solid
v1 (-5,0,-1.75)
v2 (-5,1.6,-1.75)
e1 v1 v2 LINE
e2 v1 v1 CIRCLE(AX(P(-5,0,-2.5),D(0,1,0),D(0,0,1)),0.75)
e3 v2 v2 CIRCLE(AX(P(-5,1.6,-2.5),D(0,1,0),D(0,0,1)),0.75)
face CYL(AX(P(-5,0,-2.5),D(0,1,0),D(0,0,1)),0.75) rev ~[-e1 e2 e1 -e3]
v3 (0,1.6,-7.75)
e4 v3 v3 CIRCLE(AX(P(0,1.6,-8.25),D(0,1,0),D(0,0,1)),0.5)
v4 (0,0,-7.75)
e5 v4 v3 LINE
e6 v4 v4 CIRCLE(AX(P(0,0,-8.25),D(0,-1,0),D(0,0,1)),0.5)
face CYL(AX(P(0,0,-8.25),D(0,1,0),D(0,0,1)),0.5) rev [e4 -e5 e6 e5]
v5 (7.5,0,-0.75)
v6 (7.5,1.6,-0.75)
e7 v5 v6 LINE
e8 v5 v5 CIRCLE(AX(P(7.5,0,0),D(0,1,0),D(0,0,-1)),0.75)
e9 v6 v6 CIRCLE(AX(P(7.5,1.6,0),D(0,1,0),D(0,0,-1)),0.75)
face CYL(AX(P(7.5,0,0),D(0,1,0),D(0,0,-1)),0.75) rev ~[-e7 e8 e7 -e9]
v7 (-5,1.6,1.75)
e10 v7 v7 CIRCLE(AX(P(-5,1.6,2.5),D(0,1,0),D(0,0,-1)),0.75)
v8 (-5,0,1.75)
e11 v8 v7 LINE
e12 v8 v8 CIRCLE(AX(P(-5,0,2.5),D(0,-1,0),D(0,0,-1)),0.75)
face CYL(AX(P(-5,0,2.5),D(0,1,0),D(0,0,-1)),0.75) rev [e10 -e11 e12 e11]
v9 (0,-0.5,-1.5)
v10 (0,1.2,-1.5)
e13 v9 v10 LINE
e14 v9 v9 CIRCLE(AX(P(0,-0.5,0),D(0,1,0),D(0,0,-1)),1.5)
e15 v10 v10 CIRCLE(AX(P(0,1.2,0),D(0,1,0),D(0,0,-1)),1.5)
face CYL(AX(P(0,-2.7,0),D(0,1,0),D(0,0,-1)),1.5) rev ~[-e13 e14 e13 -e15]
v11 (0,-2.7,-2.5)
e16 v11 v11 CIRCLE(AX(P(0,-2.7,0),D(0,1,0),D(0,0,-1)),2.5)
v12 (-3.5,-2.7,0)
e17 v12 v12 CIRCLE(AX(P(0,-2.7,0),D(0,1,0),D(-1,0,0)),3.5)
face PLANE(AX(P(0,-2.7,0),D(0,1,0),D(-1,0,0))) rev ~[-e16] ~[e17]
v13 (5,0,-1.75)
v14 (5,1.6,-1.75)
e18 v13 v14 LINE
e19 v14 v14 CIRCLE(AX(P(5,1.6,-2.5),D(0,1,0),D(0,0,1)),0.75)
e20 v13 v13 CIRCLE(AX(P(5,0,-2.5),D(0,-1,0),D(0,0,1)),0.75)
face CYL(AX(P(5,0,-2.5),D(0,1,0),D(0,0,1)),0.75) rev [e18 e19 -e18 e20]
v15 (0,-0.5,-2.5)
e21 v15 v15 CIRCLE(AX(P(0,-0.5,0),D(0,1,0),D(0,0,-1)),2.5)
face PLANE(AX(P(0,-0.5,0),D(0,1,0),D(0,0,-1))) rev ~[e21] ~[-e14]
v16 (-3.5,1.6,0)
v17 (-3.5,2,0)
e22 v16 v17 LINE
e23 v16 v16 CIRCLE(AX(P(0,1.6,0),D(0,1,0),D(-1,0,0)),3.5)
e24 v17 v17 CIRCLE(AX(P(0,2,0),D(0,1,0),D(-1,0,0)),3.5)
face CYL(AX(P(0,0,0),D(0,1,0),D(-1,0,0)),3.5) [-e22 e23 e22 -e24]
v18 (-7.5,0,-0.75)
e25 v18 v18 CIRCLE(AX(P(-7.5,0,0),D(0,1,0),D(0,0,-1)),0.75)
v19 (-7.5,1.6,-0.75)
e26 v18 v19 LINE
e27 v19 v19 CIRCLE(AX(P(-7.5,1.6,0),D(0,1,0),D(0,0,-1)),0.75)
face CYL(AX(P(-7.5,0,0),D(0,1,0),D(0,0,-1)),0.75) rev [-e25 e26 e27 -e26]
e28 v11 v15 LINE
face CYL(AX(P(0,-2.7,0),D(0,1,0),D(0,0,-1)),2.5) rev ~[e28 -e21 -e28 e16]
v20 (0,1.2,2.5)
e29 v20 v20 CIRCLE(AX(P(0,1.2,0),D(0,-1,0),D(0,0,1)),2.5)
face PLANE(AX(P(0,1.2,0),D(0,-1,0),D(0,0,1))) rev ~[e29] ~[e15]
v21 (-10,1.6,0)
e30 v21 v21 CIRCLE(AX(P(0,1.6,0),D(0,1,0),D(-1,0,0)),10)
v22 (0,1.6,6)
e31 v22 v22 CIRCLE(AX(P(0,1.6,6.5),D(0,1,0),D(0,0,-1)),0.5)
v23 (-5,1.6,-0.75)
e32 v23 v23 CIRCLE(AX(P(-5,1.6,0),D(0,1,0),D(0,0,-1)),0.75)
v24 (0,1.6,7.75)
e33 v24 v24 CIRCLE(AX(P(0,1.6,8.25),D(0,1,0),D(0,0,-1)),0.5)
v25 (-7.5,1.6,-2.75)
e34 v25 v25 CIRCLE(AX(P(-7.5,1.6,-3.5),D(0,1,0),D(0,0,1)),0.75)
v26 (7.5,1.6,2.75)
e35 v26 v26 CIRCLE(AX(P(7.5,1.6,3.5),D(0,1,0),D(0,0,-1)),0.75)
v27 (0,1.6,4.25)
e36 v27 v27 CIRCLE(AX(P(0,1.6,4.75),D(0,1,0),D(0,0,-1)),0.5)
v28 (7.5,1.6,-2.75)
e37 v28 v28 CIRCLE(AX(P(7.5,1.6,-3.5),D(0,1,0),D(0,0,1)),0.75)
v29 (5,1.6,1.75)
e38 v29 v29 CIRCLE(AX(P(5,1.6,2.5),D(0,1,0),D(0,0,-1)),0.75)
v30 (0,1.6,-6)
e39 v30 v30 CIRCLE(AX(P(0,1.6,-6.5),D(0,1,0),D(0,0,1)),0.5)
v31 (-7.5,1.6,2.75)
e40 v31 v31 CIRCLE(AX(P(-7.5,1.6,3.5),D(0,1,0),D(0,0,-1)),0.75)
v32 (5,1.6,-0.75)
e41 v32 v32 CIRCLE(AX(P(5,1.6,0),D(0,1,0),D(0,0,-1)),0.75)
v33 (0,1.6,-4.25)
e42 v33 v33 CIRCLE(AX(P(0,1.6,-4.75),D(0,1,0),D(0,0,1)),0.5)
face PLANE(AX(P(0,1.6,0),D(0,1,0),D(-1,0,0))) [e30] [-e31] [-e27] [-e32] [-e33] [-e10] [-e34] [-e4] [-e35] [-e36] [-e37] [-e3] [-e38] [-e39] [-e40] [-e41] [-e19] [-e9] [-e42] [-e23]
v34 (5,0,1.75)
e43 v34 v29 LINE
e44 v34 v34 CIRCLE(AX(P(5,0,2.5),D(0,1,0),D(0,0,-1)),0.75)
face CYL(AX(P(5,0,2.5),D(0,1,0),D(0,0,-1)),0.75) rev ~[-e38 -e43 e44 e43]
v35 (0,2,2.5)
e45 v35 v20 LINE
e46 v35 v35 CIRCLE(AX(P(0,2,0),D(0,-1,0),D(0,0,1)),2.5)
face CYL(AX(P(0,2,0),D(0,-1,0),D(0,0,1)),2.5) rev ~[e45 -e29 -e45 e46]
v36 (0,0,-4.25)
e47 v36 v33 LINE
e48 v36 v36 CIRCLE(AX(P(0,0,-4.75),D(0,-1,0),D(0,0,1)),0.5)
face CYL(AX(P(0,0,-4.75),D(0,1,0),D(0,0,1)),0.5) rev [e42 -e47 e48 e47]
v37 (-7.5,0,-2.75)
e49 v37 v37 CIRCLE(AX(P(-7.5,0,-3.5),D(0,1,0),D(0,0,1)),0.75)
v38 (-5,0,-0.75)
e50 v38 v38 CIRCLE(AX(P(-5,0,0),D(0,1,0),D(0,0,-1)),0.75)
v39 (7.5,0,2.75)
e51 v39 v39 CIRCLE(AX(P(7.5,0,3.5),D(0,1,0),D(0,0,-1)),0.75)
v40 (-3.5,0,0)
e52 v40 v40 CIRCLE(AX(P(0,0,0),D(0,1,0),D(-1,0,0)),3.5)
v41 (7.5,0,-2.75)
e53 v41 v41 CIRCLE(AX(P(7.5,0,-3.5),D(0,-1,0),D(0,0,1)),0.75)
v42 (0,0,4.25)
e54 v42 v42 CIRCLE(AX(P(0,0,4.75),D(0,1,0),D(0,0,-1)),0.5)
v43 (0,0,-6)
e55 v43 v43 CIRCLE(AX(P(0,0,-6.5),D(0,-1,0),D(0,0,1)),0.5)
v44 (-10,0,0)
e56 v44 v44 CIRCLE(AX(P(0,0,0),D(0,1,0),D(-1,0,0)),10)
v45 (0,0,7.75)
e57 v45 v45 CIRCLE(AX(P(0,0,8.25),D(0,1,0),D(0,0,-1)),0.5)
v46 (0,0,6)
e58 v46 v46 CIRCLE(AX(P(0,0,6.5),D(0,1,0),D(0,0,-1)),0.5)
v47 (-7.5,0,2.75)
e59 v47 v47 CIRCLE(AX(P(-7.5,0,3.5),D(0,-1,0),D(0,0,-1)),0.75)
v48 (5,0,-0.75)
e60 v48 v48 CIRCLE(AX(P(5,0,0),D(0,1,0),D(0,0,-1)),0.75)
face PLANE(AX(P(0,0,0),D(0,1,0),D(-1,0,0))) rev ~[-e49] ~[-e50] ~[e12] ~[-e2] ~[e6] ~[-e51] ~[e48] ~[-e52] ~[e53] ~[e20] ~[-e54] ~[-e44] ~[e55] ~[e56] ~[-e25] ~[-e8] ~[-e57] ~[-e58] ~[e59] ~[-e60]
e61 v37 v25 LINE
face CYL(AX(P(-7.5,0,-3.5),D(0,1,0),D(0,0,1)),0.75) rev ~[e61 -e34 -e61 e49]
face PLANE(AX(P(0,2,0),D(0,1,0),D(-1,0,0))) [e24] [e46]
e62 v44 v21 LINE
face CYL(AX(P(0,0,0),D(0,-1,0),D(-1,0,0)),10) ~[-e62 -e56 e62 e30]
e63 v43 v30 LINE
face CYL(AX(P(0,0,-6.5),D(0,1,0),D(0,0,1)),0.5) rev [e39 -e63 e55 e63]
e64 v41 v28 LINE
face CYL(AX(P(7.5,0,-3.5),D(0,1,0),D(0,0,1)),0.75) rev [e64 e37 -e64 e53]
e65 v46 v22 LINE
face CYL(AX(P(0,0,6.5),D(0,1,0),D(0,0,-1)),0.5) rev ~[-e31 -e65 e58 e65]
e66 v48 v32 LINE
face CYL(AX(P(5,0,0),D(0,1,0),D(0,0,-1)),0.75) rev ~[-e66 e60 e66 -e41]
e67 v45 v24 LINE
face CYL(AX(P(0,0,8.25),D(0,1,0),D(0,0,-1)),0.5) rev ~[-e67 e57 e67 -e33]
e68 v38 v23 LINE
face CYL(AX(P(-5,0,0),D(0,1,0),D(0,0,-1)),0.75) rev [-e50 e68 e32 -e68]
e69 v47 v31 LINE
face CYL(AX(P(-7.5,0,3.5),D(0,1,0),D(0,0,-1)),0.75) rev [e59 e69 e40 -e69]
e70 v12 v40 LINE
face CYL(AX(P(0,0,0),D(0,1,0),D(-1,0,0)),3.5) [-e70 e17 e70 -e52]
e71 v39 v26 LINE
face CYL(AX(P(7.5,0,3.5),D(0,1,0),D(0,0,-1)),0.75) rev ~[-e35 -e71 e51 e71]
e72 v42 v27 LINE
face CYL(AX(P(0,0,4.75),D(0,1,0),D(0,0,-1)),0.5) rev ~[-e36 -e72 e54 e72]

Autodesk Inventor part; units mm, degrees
ref_plane "YZ Plane" through (0, 0, 0) normal (1, 0, 0) x (0, 1, 0)
ref_plane "XZ Plane" through (0, 0, 0) normal (0, 1, 0) x (-1, 0, 0)
ref_plane "XY Plane" through (0, 0, 0) normal (0, 0, 1) x (1, 0, 0)
sketch "Sketch1" plane through (0, 0, 0) normal (0, 1, 0) x (-1, 0, 0)
  circle A0 centre (0, 0) radius 3.5
  circle A1 centre (0, 0) radius 10
  line L0 (0, 0) -> (-7.5, 0) construction
  line L1 (0, 0) -> (0, 3.5) construction
  line L2 (0, 3.5) -> (0, 10) construction
  point P0 (-5, 0)
  point P1 (-7.5, 3.5)
  point P2 (-5, 2.5)
  point P3 (0, 4.75)
  dimension "d0" = 7
  dimension "d2" = 20
  dimension "d3" = 7.5
  dimension "d47" = 5
  dimension "d50" = 3.5
  dimension "d57" = 2.5
  dimension "d62" = 4.75
extrude "Extrusion1" add sketch "Sketch1" along normal blind 1.6 contours A0 | A1
extrude "Extrusion2" add sketch "Sketch1" against normal blind 2.7 and the other way blind 2 contours A0
hole "Hole2" at (0, -2.7, 0) direction (0, 1, 0) diameter 3 end through all
hole "Hole3" at (0, -2.7, 0) direction (0, 1, 0) diameter 5 depth 2.2
hole "Hole5" at (0, 2, 0) direction (0, -1, 0) diameter 5 depth 0.8
hole "Hole6" at (7.5, 0, 0) at (5, 0, 0) at (7.5, 0, 3.5) at (5, 0, 2.5) direction (0, 1, 0) diameter 1.5 end through all
mirror "Mirror1" about plane through (0, 0, 0) normal (1, 0, 0) of "Hole6"
hole "Hole7" at (0, 0, 4.75) direction (0, 1, 0) diameter 1 end through all
pattern_linear "Rectangular Pattern1" count 3 spacing 1.75 along (0, 0, 1) of "Hole7"
mirror "Mirror2" about plane through (0, 0, 0) normal (0, 0, 1) of "Hole6", "Mirror1", "Hole7", "Rectangular Pattern1"
properties part number "servo arm DS939HV round"
